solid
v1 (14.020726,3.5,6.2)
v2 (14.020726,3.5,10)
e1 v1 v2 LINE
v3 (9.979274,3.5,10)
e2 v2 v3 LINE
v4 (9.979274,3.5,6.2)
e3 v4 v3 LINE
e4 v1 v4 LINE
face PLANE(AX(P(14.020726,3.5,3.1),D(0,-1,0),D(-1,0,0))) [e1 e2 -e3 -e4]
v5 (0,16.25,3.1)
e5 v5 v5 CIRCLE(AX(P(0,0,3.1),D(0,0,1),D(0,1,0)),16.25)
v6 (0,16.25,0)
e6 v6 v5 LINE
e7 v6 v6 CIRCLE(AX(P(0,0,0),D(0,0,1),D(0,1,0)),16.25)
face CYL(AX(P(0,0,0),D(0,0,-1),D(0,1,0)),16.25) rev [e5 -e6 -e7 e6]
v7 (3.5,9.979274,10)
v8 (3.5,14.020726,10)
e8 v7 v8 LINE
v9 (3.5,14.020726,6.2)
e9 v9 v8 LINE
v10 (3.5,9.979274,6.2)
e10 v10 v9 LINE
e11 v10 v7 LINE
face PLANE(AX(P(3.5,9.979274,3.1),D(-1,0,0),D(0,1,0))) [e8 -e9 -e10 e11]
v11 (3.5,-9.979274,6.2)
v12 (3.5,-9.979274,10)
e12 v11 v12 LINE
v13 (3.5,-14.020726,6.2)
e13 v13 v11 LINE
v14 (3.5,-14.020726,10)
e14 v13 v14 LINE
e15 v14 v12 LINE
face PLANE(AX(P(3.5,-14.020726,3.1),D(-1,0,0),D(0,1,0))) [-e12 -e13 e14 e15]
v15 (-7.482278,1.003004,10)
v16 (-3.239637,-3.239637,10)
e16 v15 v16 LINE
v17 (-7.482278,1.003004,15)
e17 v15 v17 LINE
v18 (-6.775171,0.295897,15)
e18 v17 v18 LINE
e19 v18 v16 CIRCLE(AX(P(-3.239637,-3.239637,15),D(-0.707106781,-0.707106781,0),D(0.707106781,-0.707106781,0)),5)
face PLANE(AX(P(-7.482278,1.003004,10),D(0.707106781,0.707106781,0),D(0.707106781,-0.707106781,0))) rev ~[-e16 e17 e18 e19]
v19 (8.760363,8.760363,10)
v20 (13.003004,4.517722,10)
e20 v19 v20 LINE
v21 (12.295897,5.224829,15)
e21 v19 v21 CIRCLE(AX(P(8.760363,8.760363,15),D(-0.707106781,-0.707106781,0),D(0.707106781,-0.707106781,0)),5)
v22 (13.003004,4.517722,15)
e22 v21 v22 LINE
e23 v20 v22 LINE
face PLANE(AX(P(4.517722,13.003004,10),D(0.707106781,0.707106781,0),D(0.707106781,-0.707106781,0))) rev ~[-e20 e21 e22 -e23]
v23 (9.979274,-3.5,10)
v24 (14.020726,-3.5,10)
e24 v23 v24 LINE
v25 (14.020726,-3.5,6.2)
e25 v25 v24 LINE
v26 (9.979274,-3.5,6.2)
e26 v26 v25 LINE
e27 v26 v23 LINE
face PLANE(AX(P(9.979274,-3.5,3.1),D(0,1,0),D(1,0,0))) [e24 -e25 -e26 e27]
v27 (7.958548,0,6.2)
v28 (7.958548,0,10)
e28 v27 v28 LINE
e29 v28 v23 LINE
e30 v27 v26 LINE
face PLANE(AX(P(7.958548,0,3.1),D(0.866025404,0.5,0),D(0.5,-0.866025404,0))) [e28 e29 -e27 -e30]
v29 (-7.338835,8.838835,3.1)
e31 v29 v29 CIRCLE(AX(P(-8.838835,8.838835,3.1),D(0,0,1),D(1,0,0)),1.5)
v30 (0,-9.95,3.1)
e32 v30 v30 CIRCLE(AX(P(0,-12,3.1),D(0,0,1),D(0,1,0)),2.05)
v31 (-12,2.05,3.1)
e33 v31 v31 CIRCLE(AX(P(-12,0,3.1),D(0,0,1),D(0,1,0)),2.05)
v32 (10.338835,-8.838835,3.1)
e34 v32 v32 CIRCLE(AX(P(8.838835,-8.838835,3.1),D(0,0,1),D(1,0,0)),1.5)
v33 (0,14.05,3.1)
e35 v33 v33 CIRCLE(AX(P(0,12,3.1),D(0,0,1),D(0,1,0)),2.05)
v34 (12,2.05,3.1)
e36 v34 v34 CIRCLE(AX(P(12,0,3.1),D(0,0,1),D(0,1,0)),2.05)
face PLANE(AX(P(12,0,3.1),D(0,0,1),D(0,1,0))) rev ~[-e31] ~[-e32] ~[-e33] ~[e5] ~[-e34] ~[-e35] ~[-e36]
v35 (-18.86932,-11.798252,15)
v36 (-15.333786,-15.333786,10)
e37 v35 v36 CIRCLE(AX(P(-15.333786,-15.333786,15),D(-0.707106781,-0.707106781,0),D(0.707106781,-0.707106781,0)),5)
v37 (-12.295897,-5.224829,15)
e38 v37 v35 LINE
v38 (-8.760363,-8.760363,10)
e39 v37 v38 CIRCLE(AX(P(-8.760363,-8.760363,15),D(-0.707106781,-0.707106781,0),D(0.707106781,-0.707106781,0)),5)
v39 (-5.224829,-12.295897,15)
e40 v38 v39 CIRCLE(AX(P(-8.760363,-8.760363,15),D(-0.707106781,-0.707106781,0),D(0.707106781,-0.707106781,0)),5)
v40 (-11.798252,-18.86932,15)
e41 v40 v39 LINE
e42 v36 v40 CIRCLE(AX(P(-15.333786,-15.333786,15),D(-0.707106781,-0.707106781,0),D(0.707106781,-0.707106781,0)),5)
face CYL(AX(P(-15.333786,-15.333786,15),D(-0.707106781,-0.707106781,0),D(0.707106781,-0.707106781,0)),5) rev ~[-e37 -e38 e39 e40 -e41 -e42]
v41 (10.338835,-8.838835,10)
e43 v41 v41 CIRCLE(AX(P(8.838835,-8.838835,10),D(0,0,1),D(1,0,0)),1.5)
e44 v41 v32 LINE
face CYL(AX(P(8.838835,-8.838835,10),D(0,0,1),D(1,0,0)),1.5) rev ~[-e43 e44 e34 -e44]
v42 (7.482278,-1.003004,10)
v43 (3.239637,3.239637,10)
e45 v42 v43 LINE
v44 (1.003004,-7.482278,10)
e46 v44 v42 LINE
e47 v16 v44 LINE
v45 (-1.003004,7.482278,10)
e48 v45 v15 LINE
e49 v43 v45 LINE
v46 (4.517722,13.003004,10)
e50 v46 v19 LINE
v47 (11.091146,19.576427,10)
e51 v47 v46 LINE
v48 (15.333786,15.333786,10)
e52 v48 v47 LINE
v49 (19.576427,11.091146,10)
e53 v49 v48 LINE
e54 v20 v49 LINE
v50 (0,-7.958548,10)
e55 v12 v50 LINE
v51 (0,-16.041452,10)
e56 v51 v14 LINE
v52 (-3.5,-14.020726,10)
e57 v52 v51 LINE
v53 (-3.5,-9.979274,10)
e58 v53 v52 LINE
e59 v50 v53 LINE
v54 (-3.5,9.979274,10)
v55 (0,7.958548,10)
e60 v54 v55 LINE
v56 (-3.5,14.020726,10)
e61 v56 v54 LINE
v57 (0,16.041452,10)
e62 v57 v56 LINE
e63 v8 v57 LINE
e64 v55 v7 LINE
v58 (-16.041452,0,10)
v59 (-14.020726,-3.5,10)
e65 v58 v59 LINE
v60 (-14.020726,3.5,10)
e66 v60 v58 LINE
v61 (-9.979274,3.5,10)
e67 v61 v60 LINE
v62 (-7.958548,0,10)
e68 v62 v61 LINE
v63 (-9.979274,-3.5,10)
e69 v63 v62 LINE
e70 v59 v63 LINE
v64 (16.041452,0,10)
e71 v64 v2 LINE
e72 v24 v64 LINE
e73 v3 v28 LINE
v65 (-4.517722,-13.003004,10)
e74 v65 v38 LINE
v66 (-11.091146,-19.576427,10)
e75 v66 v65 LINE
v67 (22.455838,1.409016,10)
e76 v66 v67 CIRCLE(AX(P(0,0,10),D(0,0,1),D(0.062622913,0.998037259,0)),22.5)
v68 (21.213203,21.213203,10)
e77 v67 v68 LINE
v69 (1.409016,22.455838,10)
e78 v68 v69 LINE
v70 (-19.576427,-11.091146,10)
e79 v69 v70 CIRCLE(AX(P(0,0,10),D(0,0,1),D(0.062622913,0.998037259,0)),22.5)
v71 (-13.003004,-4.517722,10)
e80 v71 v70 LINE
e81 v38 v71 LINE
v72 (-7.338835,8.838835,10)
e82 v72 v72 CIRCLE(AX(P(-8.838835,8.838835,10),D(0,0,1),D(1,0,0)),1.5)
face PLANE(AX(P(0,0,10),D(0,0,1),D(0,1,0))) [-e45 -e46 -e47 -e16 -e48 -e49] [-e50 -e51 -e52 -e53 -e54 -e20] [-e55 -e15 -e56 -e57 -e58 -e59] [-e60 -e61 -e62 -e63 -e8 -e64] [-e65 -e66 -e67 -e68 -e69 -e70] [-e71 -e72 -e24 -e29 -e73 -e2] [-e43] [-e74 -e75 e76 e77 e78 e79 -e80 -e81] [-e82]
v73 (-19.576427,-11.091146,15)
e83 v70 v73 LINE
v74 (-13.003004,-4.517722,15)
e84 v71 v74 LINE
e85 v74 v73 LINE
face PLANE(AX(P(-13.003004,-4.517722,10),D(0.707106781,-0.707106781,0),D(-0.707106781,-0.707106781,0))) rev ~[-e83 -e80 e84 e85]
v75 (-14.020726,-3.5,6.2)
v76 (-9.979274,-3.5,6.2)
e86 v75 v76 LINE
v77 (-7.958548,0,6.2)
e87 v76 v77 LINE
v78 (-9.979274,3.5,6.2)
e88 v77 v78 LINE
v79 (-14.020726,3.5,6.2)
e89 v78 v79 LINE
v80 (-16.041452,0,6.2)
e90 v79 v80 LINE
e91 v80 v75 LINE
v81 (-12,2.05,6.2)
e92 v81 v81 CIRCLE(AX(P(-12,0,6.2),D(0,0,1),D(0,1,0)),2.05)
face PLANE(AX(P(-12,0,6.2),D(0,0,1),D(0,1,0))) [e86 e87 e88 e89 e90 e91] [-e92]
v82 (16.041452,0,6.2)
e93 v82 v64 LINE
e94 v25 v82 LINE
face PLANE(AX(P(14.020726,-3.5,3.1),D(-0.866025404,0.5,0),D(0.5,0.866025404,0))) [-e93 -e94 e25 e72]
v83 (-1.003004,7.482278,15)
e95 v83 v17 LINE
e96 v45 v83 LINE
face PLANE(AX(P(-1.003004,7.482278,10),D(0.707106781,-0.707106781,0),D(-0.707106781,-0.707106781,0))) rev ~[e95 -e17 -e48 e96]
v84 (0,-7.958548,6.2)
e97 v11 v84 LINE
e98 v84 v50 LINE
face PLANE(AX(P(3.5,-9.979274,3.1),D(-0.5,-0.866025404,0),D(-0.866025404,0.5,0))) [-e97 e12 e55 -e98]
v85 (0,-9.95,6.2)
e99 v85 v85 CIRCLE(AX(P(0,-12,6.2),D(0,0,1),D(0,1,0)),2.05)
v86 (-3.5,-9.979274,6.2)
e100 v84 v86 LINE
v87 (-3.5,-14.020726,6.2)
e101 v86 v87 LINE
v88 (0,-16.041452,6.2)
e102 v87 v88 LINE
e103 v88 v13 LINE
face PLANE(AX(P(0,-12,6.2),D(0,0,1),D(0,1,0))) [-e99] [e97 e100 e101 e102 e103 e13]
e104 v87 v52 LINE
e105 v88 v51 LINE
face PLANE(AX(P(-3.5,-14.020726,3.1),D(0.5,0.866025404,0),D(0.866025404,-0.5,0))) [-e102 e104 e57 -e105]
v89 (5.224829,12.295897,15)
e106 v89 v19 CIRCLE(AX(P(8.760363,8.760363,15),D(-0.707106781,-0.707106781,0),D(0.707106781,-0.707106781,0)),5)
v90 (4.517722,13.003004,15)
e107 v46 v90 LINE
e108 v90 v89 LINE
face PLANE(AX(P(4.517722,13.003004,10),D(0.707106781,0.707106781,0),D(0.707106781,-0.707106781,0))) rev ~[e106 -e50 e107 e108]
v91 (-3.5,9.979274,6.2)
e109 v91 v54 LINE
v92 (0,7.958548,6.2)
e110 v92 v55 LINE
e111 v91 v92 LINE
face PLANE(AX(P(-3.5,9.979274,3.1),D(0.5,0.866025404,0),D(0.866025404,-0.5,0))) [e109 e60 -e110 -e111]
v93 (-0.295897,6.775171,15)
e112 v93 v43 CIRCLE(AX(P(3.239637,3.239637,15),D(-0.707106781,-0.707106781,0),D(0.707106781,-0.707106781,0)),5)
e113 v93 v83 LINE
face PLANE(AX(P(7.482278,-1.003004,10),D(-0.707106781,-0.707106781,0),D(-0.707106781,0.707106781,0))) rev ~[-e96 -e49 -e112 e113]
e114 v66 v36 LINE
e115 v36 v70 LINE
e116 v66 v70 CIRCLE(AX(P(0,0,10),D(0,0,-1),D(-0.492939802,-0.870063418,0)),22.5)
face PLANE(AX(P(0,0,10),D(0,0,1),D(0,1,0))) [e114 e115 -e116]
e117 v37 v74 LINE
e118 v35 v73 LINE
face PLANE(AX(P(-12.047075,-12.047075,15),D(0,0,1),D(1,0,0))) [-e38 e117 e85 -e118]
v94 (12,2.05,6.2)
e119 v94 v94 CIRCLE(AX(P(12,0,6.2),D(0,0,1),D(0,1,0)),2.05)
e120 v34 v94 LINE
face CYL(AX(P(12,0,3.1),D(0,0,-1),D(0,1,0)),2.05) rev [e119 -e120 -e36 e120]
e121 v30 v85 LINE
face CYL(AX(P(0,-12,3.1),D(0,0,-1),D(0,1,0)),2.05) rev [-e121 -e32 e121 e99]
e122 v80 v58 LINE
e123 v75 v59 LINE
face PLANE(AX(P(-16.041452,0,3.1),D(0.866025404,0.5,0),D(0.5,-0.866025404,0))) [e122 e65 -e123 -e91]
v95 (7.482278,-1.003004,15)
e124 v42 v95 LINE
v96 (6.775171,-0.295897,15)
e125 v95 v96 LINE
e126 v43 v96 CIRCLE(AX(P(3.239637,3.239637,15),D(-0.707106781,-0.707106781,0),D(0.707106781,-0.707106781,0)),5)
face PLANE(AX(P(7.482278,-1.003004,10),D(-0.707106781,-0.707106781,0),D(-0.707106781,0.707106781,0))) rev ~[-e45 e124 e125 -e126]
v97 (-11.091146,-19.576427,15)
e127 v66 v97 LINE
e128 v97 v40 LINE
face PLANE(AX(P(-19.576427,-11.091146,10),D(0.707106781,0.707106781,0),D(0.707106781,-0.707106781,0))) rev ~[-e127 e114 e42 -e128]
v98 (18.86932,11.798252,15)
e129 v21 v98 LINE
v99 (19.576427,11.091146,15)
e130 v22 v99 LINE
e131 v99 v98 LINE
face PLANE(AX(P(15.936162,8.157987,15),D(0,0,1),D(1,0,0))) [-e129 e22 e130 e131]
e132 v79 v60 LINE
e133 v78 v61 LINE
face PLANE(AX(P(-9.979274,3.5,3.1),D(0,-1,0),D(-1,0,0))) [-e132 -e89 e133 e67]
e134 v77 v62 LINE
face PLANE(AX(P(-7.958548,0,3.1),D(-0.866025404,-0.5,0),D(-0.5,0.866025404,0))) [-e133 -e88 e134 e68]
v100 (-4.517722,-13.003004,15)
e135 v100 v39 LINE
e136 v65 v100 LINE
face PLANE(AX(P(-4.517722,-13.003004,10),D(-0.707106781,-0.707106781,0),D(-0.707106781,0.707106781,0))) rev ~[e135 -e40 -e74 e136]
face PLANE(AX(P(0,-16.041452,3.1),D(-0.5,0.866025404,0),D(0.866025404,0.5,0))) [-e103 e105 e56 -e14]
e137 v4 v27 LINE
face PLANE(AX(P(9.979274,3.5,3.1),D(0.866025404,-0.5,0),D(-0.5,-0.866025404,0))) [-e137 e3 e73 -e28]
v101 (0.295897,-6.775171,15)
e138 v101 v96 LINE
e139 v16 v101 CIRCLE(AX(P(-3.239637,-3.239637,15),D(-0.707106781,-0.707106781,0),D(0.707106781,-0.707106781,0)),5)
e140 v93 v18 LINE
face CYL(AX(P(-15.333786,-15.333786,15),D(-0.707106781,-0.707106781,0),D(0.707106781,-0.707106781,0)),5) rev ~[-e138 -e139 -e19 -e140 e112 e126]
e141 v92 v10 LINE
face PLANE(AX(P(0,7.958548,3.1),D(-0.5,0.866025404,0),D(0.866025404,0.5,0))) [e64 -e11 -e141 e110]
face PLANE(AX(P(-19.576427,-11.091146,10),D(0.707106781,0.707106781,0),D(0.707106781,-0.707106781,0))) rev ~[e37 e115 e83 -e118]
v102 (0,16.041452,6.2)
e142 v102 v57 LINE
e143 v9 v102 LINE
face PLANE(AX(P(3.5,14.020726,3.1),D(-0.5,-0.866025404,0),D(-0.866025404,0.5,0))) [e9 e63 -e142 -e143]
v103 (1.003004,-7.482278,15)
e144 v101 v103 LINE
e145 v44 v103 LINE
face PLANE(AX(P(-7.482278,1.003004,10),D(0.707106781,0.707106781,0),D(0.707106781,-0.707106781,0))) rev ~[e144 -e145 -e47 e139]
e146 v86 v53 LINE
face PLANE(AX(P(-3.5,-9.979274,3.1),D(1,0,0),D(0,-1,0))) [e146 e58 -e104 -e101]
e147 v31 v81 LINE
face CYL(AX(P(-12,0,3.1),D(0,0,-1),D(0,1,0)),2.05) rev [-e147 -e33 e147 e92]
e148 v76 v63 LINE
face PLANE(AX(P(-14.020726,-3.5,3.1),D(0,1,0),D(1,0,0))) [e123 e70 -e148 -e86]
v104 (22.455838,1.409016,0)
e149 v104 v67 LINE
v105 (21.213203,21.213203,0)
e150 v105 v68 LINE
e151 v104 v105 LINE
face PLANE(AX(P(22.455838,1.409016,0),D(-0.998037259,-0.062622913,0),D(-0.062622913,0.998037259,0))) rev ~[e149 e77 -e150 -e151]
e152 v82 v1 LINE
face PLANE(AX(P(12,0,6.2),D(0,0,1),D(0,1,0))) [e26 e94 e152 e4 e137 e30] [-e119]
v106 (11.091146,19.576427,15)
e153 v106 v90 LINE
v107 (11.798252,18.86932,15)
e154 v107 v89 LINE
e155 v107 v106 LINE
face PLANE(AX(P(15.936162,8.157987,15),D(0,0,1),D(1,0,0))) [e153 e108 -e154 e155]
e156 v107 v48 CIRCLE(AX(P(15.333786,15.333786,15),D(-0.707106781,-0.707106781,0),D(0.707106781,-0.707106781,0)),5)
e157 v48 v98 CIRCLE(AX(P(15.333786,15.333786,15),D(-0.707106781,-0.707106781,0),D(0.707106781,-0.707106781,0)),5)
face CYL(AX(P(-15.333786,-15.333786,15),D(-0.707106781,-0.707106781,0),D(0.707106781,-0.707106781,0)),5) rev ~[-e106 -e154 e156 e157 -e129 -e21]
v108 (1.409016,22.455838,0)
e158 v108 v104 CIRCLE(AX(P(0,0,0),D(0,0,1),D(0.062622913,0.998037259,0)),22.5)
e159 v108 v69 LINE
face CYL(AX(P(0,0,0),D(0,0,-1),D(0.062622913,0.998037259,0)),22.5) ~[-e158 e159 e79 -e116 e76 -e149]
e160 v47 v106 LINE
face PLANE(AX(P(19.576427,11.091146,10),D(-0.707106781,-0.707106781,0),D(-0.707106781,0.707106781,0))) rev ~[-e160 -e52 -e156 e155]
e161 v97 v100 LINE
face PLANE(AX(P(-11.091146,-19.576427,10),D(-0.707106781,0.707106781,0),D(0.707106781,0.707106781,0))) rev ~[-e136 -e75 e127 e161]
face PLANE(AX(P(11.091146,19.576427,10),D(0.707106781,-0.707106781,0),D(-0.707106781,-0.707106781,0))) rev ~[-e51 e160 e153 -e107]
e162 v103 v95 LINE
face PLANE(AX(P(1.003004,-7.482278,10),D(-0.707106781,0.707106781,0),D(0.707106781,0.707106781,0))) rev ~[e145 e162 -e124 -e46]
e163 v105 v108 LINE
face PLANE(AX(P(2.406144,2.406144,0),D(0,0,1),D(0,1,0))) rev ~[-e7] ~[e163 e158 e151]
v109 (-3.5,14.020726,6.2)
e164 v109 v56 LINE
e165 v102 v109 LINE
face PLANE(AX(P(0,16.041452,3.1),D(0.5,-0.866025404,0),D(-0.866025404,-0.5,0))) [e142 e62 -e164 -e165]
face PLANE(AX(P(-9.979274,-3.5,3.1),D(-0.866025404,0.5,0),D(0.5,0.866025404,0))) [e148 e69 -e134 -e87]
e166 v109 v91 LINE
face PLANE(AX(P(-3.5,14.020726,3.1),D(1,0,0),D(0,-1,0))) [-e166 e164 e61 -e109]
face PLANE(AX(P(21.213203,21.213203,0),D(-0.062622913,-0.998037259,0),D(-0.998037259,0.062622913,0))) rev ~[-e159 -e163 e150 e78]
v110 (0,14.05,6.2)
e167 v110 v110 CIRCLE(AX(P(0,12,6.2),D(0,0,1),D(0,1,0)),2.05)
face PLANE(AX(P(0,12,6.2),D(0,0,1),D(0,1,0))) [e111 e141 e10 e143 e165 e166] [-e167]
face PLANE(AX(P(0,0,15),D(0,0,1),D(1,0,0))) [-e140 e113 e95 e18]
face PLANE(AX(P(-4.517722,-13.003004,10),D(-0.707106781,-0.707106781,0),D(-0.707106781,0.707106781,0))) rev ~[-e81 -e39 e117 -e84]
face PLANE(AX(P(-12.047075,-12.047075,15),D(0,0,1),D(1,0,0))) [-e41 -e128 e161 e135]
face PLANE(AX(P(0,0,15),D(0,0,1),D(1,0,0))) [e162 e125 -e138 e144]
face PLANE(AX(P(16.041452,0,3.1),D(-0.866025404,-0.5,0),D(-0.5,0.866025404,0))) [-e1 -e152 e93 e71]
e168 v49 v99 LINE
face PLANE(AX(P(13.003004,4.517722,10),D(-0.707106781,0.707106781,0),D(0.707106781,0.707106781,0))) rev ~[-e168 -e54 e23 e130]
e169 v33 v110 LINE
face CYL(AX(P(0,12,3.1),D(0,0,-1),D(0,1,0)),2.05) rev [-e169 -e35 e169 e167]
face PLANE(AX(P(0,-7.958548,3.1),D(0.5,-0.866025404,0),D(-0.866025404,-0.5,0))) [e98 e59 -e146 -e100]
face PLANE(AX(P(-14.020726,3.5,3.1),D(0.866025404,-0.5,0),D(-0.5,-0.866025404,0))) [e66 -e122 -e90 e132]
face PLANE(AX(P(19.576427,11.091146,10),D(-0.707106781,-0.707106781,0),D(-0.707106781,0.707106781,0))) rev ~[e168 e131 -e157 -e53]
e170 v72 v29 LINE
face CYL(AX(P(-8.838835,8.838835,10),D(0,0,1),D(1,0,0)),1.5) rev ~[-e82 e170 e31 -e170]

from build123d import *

# Parameters (mm, degrees)
SKETCH1_R               = 16.25
BOSS_EXTRUDE1_DEPTH     = 10
BOSS_EXTRUDE2_START     = 3.1
SKETCH1_3_R             = 16.25
BOSS_EXTRUDE2_DEPTH     = 6.9
BOSS_EXTRUDE3_START     = 3.1
SKETCH1_4_R             = 2.05
BOSS_EXTRUDE3_DEPTH     = 3.1
SKETCH2_R               = 1.5
CUT_EXTRUDE1_DEPTH      = 1
CUT_EXTRUDE1_DEPTH_BACK = 11
BOSS_EXTRUDE4_DEPTH     = 5
SKETCH3_R               = 5
CUT_EXTRUDE2_DEPTH      = 11.134556711
CUT_EXTRUDE2_DEPTH_BACK = 54.505053596


with BuildPart() as part:
    # Sketch1 → Boss-Extrude1 (new body)
    with BuildSketch(Plane(origin=(0, 0, 0), x_dir=(0, 1, 0), z_dir=(0, 0, 1))):
        with BuildLine():
            Line((21.213203436, -21.213203436), (22.455838333, -1.409015532))
            ThreePointArc((22.455838333, -1.409015532), (-15.909902577, 15.909902577), (1.409015532, -22.455838333))
            Line((1.409015532, -22.455838333), (21.213203436, -21.213203436))
        make_face()
        Circle(SKETCH1_R, mode=Mode.SUBTRACT)
    extrude(amount=BOSS_EXTRUDE1_DEPTH)

    # Sketch1<3> → Boss-Extrude2 (add)
    with BuildSketch(Plane(origin=(0, 0, 0), x_dir=(0, 1, 0), z_dir=(0, 0, 1)).offset(BOSS_EXTRUDE2_START)):
        Circle(SKETCH1_3_R)
        Polygon((-3.5, 9.979274058), (0, 7.958548116), (3.5, 9.979274058), (3.5, 14.020725942), (0, 16.041451884), (-3.5, 14.020725942), align=None, mode=Mode.SUBTRACT)
        Polygon((9.979274058, 3.5), (7.958548116, 0), (9.979274058, -3.5), (14.020725942, -3.5), (16.041451884, 0), (14.020725942, 3.5), align=None, mode=Mode.SUBTRACT)
        Polygon((3.5, -9.979274058), (0, -7.958548116), (-3.5, -9.979274058), (-3.5, -14.020725942), (0, -16.041451884), (3.5, -14.020725942), align=None, mode=Mode.SUBTRACT)
        Polygon((-9.979274058, -3.5), (-7.958548116, 0), (-9.979274058, 3.5), (-14.020725942, 3.5), (-16.041451884, 0), (-14.020725942, -3.5), align=None, mode=Mode.SUBTRACT)
    extrude(amount=BOSS_EXTRUDE2_DEPTH)

    # Sketch1<4> → Boss-Extrude3 (add)
    with BuildSketch(Plane(origin=(0, 0, 0), x_dir=(0, 1, 0), z_dir=(0, 0, 1)).offset(BOSS_EXTRUDE3_START)):
        Polygon((3.5, -14.020725942), (3.5, -9.979274058), (0, -7.958548116), (-3.5, -9.979274058), (-3.5, -14.020725942), (0, -16.041451884), align=None)
        with Locations((0, -12)):
            Circle(SKETCH1_4_R, mode=Mode.SUBTRACT)
        Polygon((14.020725942, 3.5), (9.979274058, 3.5), (7.958548116, 0), (9.979274058, -3.5), (14.020725942, -3.5), (16.041451884, 0), align=None)
        with Locations((12, 0)):
            Circle(SKETCH1_4_R, mode=Mode.SUBTRACT)
        Polygon((-3.5, 14.020725942), (-3.5, 9.979274058), (0, 7.958548116), (3.5, 9.979274058), (3.5, 14.020725942), (0, 16.041451884), align=None)
        with Locations((0, 12)):
            Circle(SKETCH1_4_R, mode=Mode.SUBTRACT)
        Polygon((-14.020725942, -3.5), (-9.979274058, -3.5), (-7.958548116, 0), (-9.979274058, 3.5), (-14.020725942, 3.5), (-16.041451884, 0), align=None)
        with Locations((-12, 0)):
            Circle(SKETCH1_4_R, mode=Mode.SUBTRACT)
    extrude(amount=BOSS_EXTRUDE3_DEPTH)

    # Sketch2 → Cut-Extrude1 (cut, two sides)
    with BuildSketch(Plane.XY.offset(10)) as cut_extrude1_sk:
        with Locations((8.838834765, -8.838834765)):
            Circle(SKETCH2_R)
        with Locations((-8.838834765, 8.838834765)):
            Circle(SKETCH2_R)
    extrude(amount=CUT_EXTRUDE1_DEPTH, mode=Mode.SUBTRACT)
    extrude(cut_extrude1_sk.sketch, amount=-CUT_EXTRUDE1_DEPTH_BACK, mode=Mode.SUBTRACT)

    # Sketch2<3> → Boss-Extrude4 (add)
    with BuildSketch(Plane.XY.offset(10)):
        Polygon((-5.224829065, -12.295896877), (-12.295896877, -5.224829065), (-18.869320131, -11.798252319), (-11.798252319, -18.869320131), align=None)
        Polygon((-12.295896877, -5.224829065), (-13.003003658, -4.517722284), (-19.576426912, -11.091145538), (-18.869320131, -11.798252319), align=None)
        Polygon((-4.517722284, -13.003003658), (-5.224829065, -12.295896877), (-11.798252319, -18.869320131), (-11.091145538, -19.576426912), align=None)
        Polygon((6.775170935, -0.295896877), (-0.295896877, 6.775170935), (-6.775170935, 0.295896877), (0.295896877, -6.775170935), align=None)
        Polygon((-0.295896877, 6.775170935), (-1.003003658, 7.482277716), (-7.482277716, 1.003003658), (-6.775170935, 0.295896877), align=None)
        Polygon((7.482277716, -1.003003658), (6.775170935, -0.295896877), (0.295896877, -6.775170935), (1.003003658, -7.482277716), align=None)
        Polygon((19.576426912, 11.091145538), (18.869320131, 11.798252319), (12.295896877, 5.224829065), (13.003003658, 4.517722284), align=None)
        Polygon((18.869320131, 11.798252319), (11.798252319, 18.869320131), (5.224829065, 12.295896877), (12.295896877, 5.224829065), align=None)
        Polygon((11.798252319, 18.869320131), (11.091145538, 19.576426912), (4.517722284, 13.003003658), (5.224829065, 12.295896877), align=None)
    extrude(amount=BOSS_EXTRUDE4_DEPTH)

    # Sketch3 → Cut-Extrude2 (cut, two sides)
    with BuildSketch(Plane(origin=(-15.333786225, -15.333786225, 0), x_dir=(0.707106781, -0.707106781, 0), z_dir=(-0.707106781, -0.707106781, 0))) as cut_extrude2_sk:
        with Locations((0, 15)):
            Circle(SKETCH3_R)
    extrude(amount=CUT_EXTRUDE2_DEPTH, mode=Mode.SUBTRACT)
    extrude(cut_extrude2_sk.sketch, amount=-CUT_EXTRUDE2_DEPTH_BACK, mode=Mode.SUBTRACT)


solid = part.part
